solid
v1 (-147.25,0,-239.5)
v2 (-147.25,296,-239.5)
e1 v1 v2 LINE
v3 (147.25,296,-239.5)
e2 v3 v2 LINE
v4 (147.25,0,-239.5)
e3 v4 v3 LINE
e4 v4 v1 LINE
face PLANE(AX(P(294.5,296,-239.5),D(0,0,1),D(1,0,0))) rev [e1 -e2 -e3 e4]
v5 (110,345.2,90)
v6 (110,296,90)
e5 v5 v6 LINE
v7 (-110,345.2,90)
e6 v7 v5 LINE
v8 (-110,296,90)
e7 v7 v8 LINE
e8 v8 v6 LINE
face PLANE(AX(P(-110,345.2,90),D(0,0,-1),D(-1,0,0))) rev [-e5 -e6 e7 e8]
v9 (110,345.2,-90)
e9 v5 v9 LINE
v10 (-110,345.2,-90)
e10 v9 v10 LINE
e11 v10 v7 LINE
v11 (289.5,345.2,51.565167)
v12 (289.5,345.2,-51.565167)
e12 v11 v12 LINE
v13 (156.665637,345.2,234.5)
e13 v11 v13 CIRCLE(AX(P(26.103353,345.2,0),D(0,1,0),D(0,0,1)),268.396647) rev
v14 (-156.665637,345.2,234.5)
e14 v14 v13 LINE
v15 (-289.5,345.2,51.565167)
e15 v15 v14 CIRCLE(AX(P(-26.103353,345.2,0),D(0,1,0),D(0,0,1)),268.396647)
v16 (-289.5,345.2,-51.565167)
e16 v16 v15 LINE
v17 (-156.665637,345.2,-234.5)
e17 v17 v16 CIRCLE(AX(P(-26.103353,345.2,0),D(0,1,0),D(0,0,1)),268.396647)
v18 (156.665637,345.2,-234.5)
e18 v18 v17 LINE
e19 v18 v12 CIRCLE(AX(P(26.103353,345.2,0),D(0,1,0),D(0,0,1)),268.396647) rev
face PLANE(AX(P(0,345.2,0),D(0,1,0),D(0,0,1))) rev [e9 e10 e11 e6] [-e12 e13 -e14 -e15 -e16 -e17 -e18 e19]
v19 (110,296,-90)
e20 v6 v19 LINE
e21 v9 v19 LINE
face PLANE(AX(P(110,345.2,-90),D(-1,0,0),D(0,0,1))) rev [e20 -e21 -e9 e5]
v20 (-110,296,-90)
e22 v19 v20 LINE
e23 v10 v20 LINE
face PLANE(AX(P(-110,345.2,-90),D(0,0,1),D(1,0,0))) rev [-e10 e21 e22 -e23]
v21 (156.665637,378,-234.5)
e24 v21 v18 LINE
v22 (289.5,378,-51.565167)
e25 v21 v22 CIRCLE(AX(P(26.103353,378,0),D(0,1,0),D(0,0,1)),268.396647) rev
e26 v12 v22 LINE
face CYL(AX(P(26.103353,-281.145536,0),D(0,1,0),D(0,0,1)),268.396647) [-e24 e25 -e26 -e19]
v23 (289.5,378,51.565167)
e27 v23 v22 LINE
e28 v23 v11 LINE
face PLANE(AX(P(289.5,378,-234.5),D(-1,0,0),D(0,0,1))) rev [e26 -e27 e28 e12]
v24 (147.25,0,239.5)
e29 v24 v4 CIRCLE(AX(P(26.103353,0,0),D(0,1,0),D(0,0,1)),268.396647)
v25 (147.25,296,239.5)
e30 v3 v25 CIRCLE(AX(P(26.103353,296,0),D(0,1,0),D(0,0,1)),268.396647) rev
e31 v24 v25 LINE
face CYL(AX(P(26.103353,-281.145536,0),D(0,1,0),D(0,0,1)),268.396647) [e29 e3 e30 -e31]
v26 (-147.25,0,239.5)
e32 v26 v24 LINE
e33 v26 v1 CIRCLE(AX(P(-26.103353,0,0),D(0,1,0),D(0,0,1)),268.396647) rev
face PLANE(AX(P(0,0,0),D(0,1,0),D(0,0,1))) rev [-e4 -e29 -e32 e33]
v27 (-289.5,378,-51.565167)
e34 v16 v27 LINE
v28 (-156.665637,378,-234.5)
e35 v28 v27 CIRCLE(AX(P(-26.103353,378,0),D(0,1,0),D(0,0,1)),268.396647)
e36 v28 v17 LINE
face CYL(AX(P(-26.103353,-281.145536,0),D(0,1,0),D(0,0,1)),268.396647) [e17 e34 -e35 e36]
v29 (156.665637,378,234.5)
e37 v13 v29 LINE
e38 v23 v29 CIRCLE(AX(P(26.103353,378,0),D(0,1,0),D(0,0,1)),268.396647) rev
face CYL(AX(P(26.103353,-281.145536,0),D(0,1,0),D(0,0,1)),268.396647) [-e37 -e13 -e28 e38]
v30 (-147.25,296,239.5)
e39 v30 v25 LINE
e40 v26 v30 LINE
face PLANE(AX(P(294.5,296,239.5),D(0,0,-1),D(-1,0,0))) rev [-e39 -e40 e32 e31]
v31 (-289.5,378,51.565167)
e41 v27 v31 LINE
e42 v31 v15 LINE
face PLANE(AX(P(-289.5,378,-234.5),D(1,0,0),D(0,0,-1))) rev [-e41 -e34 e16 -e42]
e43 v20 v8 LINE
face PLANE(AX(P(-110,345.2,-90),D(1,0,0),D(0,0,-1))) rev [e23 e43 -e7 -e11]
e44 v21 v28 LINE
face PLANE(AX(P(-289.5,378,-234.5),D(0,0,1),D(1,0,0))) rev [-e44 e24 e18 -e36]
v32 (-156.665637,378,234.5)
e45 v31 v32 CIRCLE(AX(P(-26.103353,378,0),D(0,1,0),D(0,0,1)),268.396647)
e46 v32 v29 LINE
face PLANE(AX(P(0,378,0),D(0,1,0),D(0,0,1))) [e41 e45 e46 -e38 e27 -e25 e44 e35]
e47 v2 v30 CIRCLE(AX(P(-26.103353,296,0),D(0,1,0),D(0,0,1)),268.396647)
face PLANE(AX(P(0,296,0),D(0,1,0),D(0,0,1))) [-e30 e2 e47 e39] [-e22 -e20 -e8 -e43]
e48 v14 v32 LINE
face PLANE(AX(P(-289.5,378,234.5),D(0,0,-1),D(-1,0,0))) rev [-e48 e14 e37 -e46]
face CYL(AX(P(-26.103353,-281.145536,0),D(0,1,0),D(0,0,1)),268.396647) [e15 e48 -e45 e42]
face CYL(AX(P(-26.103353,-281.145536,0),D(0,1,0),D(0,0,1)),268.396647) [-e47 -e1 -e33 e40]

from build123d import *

# Parameters (mm, degrees)
ESBO_O1_W                = 589
ESBO_O1_H                = 479
RESSALTO_EXTRUS_O1_DEPTH = 296
ESBO_O2_W                = 220
ESBO_O2_H                = 180
RESSALTO_EXTRUS_O2_DEPTH = 49.2
ESBO_O3_W                = 579
ESBO_O3_H                = 469
RESSALTO_EXTRUS_O3_DEPTH = 32.8
CORTE_EXTRUS_O1_REACH    = 537.7


with BuildPart() as part:
    # Esboço1 → Ressalto-extrusão1 (new body)
    with BuildSketch(Plane(origin=(0, 0, 0), x_dir=(1, 0, 0), z_dir=(0, 1, 0))):
        Rectangle(ESBO_O1_W, ESBO_O1_H)
    extrude(amount=RESSALTO_EXTRUS_O1_DEPTH)

    # Esboço2 → Ressalto-extrusão2 (add)
    with BuildSketch(Plane(origin=(0, 296, 0), x_dir=(1, 0, 0), z_dir=(0, 1, 0))):
        Rectangle(ESBO_O2_W, ESBO_O2_H)
    extrude(amount=RESSALTO_EXTRUS_O2_DEPTH)

    # Esboço3 → Ressalto-extrusão3 (add)
    with BuildSketch(Plane(origin=(0, 345.2, 0), x_dir=(1, 0, 0), z_dir=(0, 1, 0))):
        Rectangle(ESBO_O3_W, ESBO_O3_H)
    extrude(amount=RESSALTO_EXTRUS_O3_DEPTH)

    # Corte-extrusão1: up to this face of the body (flat: up to its plane)
    corte_extrus_o1_end = Plane(part.part.faces().sort_by_distance((0, 0, 0))[0])
    # Esboço4 → Corte-extrusão1 (cut, up to the picked face)
    with BuildSketch(Plane(origin=(0, 378, 0), x_dir=(1, 0, 0), z_dir=(0, 1, 0)), mode=Mode.PRIVATE) as corte_extrus_o1_sk1:
        with BuildLine():
            ThreePointArc((-156.665637301, -234.5), (-243.283458342, -157.700862236), (-289.5, -51.565167202))
            Line((-289.5, -51.565167202), (-289.5, -234.5))
            Line((-289.5, -234.5), (-156.665637301, -234.5))
        make_face()
    corte_extrus_o1_tool1 = split(extrude(corte_extrus_o1_sk1.sketch, amount=-CORTE_EXTRUS_O1_REACH, mode=Mode.PRIVATE), bisect_by=corte_extrus_o1_end, keep=Keep.BOTH, mode=Mode.PRIVATE)
    # Esboço4 → Corte-extrusão1 (cut, up to the picked face)
    with BuildSketch(Plane(origin=(0, 378, 0), x_dir=(1, 0, 0), z_dir=(0, 1, 0)), mode=Mode.PRIVATE) as corte_extrus_o1_sk2:
        with BuildLine():
            ThreePointArc((-289.5, 51.565167202), (-243.283458342, 157.700862236), (-156.665637301, 234.5))
            Line((-156.665637301, 234.5), (-289.5, 234.5))
            Line((-289.5, 234.5), (-289.5, 51.565167202))
        make_face()
    corte_extrus_o1_tool2 = split(extrude(corte_extrus_o1_sk2.sketch, amount=-CORTE_EXTRUS_O1_REACH, mode=Mode.PRIVATE), bisect_by=corte_extrus_o1_end, keep=Keep.BOTH, mode=Mode.PRIVATE)
    # Esboço4 → Corte-extrusão1 (cut, up to the picked face)
    with BuildSketch(Plane(origin=(0, 378, 0), x_dir=(1, 0, 0), z_dir=(0, 1, 0)), mode=Mode.PRIVATE) as corte_extrus_o1_sk3:
        with BuildLine():
            Line((289.5, 234.5), (156.665637301, 234.5))
            ThreePointArc((156.665637301, 234.5), (243.283458342, 157.700862236), (289.5, 51.565167202))
            Line((289.5, 51.565167202), (289.5, 234.5))
        make_face()
    corte_extrus_o1_tool3 = split(extrude(corte_extrus_o1_sk3.sketch, amount=-CORTE_EXTRUS_O1_REACH, mode=Mode.PRIVATE), bisect_by=corte_extrus_o1_end, keep=Keep.BOTH, mode=Mode.PRIVATE)
    # Esboço4 → Corte-extrusão1 (cut, up to the picked face)
    with BuildSketch(Plane(origin=(0, 378, 0), x_dir=(1, 0, 0), z_dir=(0, 1, 0)), mode=Mode.PRIVATE) as corte_extrus_o1_sk4:
        with BuildLine():
            Line((289.5, -234.5), (289.5, -51.565167202))
            ThreePointArc((289.5, -51.565167202), (243.283458342, -157.700862236), (156.665637301, -234.5))
            Line((156.665637301, -234.5), (289.5, -234.5))
        make_face()
    corte_extrus_o1_tool4 = split(extrude(corte_extrus_o1_sk4.sketch, amount=-CORTE_EXTRUS_O1_REACH, mode=Mode.PRIVATE), bisect_by=corte_extrus_o1_end, keep=Keep.BOTH, mode=Mode.PRIVATE)
    # Esboço4 → Corte-extrusão1 (cut, up to the picked face)
    with BuildSketch(Plane(origin=(0, 378, 0), x_dir=(1, 0, 0), z_dir=(0, 1, 0)), mode=Mode.PRIVATE) as corte_extrus_o1_sk5:
        with BuildLine():
            ThreePointArc((147.25, 239.5), (151.982646469, 237.046753946), (156.665637301, 234.5))
            Line((156.665637301, 234.5), (289.5, 234.5))
            Line((289.5, 234.5), (289.5, 51.565167202))
            ThreePointArc((289.5, 51.565167202), (293.247075515, 25.903506357), (294.5, 9.48e-07))
            Line((294.5, 9.48e-07), (294.5, 239.5))
            Line((294.5, 239.5), (147.25, 239.5))
        make_face()
    corte_extrus_o1_tool5 = split(extrude(corte_extrus_o1_sk5.sketch, amount=-CORTE_EXTRUS_O1_REACH, mode=Mode.PRIVATE), bisect_by=corte_extrus_o1_end, keep=Keep.BOTH, mode=Mode.PRIVATE)
    # Esboço4 → Corte-extrusão1 (cut, up to the picked face)
    with BuildSketch(Plane(origin=(0, 378, 0), x_dir=(1, 0, 0), z_dir=(0, 1, 0)), mode=Mode.PRIVATE) as corte_extrus_o1_sk6:
        with BuildLine():
            Line((294.5, -239.5), (294.5, 9.48e-07))
            ThreePointArc((294.5, 9.48e-07), (293.247075606, -25.903505414), (289.5, -51.565167202))
            Line((289.5, -51.565167202), (289.5, -234.5))
            Line((289.5, -234.5), (156.665637301, -234.5))
            ThreePointArc((156.665637301, -234.5), (151.982646469, -237.046753946), (147.25, -239.5))
            Line((147.25, -239.5), (294.5, -239.5))
        make_face()
    corte_extrus_o1_tool6 = split(extrude(corte_extrus_o1_sk6.sketch, amount=-CORTE_EXTRUS_O1_REACH, mode=Mode.PRIVATE), bisect_by=corte_extrus_o1_end, keep=Keep.BOTH, mode=Mode.PRIVATE)
    # Esboço4 → Corte-extrusão1 (cut, up to the picked face)
    with BuildSketch(Plane(origin=(0, 378, 0), x_dir=(1, 0, 0), z_dir=(0, 1, 0)), mode=Mode.PRIVATE) as corte_extrus_o1_sk7:
        with BuildLine():
            ThreePointArc((-289.5, -51.565167202), (-293.24707556, -25.903505885), (-294.5, 0))
            Line((-294.5, 0), (-294.5, -239.5))
            Line((-294.5, -239.5), (-147.25, -239.5))
            ThreePointArc((-147.25, -239.5), (-151.982646469, -237.046753946), (-156.665637301, -234.5))
            Line((-156.665637301, -234.5), (-289.5, -234.5))
            Line((-289.5, -234.5), (-289.5, -51.565167202))
        make_face()
    corte_extrus_o1_tool7 = split(extrude(corte_extrus_o1_sk7.sketch, amount=-CORTE_EXTRUS_O1_REACH, mode=Mode.PRIVATE), bisect_by=corte_extrus_o1_end, keep=Keep.BOTH, mode=Mode.PRIVATE)
    # Esboço4 → Corte-extrusão1 (cut, up to the picked face)
    with BuildSketch(Plane(origin=(0, 378, 0), x_dir=(1, 0, 0), z_dir=(0, 1, 0)), mode=Mode.PRIVATE) as corte_extrus_o1_sk8:
        with BuildLine():
            ThreePointArc((-156.665637301, 234.5), (-151.982646469, 237.046753946), (-147.25, 239.5))
            Line((-147.25, 239.5), (-294.5, 239.5))
            Line((-294.5, 239.5), (-294.5, 0))
            ThreePointArc((-294.5, 0), (-293.24707556, 25.903505885), (-289.5, 51.565167202))
            Line((-289.5, 51.565167202), (-289.5, 234.5))
            Line((-289.5, 234.5), (-156.665637301, 234.5))
        make_face()
    corte_extrus_o1_tool8 = split(extrude(corte_extrus_o1_sk8.sketch, amount=-CORTE_EXTRUS_O1_REACH, mode=Mode.PRIVATE), bisect_by=corte_extrus_o1_end, keep=Keep.BOTH, mode=Mode.PRIVATE)
    add(corte_extrus_o1_tool1.solids().sort_by(Axis((-251.602427, 378, 184.711706), (0, -1, 0)))[0], mode=Mode.SUBTRACT)
    add(corte_extrus_o1_tool2.solids().sort_by(Axis((-251.602427, 378, -184.711706), (0, -1, 0)))[0], mode=Mode.SUBTRACT)
    add(corte_extrus_o1_tool3.solids().sort_by(Axis((251.602427, 378, -184.711706), (0, -1, 0)))[0], mode=Mode.SUBTRACT)
    add(corte_extrus_o1_tool4.solids().sort_by(Axis((251.602427, 378, 184.711706), (0, -1, 0)))[0], mode=Mode.SUBTRACT)
    add(corte_extrus_o1_tool5.solids().sort_by(Axis((152.114505, 378, -237.29506), (0, -1, 0)))[0], mode=Mode.SUBTRACT)
    add(corte_extrus_o1_tool6.solids().sort_by(Axis((220.875, 378, 236.688545), (0, -1, 0)))[0], mode=Mode.SUBTRACT)
    add(corte_extrus_o1_tool7.solids().sort_by(Axis((-293.526909, 378, 25.93064), (0, -1, 0)))[0], mode=Mode.SUBTRACT)
    add(corte_extrus_o1_tool8.solids().sort_by(Axis((-292.311455, 378, -143.032584), (0, -1, 0)))[0], mode=Mode.SUBTRACT)


solid = part.part
